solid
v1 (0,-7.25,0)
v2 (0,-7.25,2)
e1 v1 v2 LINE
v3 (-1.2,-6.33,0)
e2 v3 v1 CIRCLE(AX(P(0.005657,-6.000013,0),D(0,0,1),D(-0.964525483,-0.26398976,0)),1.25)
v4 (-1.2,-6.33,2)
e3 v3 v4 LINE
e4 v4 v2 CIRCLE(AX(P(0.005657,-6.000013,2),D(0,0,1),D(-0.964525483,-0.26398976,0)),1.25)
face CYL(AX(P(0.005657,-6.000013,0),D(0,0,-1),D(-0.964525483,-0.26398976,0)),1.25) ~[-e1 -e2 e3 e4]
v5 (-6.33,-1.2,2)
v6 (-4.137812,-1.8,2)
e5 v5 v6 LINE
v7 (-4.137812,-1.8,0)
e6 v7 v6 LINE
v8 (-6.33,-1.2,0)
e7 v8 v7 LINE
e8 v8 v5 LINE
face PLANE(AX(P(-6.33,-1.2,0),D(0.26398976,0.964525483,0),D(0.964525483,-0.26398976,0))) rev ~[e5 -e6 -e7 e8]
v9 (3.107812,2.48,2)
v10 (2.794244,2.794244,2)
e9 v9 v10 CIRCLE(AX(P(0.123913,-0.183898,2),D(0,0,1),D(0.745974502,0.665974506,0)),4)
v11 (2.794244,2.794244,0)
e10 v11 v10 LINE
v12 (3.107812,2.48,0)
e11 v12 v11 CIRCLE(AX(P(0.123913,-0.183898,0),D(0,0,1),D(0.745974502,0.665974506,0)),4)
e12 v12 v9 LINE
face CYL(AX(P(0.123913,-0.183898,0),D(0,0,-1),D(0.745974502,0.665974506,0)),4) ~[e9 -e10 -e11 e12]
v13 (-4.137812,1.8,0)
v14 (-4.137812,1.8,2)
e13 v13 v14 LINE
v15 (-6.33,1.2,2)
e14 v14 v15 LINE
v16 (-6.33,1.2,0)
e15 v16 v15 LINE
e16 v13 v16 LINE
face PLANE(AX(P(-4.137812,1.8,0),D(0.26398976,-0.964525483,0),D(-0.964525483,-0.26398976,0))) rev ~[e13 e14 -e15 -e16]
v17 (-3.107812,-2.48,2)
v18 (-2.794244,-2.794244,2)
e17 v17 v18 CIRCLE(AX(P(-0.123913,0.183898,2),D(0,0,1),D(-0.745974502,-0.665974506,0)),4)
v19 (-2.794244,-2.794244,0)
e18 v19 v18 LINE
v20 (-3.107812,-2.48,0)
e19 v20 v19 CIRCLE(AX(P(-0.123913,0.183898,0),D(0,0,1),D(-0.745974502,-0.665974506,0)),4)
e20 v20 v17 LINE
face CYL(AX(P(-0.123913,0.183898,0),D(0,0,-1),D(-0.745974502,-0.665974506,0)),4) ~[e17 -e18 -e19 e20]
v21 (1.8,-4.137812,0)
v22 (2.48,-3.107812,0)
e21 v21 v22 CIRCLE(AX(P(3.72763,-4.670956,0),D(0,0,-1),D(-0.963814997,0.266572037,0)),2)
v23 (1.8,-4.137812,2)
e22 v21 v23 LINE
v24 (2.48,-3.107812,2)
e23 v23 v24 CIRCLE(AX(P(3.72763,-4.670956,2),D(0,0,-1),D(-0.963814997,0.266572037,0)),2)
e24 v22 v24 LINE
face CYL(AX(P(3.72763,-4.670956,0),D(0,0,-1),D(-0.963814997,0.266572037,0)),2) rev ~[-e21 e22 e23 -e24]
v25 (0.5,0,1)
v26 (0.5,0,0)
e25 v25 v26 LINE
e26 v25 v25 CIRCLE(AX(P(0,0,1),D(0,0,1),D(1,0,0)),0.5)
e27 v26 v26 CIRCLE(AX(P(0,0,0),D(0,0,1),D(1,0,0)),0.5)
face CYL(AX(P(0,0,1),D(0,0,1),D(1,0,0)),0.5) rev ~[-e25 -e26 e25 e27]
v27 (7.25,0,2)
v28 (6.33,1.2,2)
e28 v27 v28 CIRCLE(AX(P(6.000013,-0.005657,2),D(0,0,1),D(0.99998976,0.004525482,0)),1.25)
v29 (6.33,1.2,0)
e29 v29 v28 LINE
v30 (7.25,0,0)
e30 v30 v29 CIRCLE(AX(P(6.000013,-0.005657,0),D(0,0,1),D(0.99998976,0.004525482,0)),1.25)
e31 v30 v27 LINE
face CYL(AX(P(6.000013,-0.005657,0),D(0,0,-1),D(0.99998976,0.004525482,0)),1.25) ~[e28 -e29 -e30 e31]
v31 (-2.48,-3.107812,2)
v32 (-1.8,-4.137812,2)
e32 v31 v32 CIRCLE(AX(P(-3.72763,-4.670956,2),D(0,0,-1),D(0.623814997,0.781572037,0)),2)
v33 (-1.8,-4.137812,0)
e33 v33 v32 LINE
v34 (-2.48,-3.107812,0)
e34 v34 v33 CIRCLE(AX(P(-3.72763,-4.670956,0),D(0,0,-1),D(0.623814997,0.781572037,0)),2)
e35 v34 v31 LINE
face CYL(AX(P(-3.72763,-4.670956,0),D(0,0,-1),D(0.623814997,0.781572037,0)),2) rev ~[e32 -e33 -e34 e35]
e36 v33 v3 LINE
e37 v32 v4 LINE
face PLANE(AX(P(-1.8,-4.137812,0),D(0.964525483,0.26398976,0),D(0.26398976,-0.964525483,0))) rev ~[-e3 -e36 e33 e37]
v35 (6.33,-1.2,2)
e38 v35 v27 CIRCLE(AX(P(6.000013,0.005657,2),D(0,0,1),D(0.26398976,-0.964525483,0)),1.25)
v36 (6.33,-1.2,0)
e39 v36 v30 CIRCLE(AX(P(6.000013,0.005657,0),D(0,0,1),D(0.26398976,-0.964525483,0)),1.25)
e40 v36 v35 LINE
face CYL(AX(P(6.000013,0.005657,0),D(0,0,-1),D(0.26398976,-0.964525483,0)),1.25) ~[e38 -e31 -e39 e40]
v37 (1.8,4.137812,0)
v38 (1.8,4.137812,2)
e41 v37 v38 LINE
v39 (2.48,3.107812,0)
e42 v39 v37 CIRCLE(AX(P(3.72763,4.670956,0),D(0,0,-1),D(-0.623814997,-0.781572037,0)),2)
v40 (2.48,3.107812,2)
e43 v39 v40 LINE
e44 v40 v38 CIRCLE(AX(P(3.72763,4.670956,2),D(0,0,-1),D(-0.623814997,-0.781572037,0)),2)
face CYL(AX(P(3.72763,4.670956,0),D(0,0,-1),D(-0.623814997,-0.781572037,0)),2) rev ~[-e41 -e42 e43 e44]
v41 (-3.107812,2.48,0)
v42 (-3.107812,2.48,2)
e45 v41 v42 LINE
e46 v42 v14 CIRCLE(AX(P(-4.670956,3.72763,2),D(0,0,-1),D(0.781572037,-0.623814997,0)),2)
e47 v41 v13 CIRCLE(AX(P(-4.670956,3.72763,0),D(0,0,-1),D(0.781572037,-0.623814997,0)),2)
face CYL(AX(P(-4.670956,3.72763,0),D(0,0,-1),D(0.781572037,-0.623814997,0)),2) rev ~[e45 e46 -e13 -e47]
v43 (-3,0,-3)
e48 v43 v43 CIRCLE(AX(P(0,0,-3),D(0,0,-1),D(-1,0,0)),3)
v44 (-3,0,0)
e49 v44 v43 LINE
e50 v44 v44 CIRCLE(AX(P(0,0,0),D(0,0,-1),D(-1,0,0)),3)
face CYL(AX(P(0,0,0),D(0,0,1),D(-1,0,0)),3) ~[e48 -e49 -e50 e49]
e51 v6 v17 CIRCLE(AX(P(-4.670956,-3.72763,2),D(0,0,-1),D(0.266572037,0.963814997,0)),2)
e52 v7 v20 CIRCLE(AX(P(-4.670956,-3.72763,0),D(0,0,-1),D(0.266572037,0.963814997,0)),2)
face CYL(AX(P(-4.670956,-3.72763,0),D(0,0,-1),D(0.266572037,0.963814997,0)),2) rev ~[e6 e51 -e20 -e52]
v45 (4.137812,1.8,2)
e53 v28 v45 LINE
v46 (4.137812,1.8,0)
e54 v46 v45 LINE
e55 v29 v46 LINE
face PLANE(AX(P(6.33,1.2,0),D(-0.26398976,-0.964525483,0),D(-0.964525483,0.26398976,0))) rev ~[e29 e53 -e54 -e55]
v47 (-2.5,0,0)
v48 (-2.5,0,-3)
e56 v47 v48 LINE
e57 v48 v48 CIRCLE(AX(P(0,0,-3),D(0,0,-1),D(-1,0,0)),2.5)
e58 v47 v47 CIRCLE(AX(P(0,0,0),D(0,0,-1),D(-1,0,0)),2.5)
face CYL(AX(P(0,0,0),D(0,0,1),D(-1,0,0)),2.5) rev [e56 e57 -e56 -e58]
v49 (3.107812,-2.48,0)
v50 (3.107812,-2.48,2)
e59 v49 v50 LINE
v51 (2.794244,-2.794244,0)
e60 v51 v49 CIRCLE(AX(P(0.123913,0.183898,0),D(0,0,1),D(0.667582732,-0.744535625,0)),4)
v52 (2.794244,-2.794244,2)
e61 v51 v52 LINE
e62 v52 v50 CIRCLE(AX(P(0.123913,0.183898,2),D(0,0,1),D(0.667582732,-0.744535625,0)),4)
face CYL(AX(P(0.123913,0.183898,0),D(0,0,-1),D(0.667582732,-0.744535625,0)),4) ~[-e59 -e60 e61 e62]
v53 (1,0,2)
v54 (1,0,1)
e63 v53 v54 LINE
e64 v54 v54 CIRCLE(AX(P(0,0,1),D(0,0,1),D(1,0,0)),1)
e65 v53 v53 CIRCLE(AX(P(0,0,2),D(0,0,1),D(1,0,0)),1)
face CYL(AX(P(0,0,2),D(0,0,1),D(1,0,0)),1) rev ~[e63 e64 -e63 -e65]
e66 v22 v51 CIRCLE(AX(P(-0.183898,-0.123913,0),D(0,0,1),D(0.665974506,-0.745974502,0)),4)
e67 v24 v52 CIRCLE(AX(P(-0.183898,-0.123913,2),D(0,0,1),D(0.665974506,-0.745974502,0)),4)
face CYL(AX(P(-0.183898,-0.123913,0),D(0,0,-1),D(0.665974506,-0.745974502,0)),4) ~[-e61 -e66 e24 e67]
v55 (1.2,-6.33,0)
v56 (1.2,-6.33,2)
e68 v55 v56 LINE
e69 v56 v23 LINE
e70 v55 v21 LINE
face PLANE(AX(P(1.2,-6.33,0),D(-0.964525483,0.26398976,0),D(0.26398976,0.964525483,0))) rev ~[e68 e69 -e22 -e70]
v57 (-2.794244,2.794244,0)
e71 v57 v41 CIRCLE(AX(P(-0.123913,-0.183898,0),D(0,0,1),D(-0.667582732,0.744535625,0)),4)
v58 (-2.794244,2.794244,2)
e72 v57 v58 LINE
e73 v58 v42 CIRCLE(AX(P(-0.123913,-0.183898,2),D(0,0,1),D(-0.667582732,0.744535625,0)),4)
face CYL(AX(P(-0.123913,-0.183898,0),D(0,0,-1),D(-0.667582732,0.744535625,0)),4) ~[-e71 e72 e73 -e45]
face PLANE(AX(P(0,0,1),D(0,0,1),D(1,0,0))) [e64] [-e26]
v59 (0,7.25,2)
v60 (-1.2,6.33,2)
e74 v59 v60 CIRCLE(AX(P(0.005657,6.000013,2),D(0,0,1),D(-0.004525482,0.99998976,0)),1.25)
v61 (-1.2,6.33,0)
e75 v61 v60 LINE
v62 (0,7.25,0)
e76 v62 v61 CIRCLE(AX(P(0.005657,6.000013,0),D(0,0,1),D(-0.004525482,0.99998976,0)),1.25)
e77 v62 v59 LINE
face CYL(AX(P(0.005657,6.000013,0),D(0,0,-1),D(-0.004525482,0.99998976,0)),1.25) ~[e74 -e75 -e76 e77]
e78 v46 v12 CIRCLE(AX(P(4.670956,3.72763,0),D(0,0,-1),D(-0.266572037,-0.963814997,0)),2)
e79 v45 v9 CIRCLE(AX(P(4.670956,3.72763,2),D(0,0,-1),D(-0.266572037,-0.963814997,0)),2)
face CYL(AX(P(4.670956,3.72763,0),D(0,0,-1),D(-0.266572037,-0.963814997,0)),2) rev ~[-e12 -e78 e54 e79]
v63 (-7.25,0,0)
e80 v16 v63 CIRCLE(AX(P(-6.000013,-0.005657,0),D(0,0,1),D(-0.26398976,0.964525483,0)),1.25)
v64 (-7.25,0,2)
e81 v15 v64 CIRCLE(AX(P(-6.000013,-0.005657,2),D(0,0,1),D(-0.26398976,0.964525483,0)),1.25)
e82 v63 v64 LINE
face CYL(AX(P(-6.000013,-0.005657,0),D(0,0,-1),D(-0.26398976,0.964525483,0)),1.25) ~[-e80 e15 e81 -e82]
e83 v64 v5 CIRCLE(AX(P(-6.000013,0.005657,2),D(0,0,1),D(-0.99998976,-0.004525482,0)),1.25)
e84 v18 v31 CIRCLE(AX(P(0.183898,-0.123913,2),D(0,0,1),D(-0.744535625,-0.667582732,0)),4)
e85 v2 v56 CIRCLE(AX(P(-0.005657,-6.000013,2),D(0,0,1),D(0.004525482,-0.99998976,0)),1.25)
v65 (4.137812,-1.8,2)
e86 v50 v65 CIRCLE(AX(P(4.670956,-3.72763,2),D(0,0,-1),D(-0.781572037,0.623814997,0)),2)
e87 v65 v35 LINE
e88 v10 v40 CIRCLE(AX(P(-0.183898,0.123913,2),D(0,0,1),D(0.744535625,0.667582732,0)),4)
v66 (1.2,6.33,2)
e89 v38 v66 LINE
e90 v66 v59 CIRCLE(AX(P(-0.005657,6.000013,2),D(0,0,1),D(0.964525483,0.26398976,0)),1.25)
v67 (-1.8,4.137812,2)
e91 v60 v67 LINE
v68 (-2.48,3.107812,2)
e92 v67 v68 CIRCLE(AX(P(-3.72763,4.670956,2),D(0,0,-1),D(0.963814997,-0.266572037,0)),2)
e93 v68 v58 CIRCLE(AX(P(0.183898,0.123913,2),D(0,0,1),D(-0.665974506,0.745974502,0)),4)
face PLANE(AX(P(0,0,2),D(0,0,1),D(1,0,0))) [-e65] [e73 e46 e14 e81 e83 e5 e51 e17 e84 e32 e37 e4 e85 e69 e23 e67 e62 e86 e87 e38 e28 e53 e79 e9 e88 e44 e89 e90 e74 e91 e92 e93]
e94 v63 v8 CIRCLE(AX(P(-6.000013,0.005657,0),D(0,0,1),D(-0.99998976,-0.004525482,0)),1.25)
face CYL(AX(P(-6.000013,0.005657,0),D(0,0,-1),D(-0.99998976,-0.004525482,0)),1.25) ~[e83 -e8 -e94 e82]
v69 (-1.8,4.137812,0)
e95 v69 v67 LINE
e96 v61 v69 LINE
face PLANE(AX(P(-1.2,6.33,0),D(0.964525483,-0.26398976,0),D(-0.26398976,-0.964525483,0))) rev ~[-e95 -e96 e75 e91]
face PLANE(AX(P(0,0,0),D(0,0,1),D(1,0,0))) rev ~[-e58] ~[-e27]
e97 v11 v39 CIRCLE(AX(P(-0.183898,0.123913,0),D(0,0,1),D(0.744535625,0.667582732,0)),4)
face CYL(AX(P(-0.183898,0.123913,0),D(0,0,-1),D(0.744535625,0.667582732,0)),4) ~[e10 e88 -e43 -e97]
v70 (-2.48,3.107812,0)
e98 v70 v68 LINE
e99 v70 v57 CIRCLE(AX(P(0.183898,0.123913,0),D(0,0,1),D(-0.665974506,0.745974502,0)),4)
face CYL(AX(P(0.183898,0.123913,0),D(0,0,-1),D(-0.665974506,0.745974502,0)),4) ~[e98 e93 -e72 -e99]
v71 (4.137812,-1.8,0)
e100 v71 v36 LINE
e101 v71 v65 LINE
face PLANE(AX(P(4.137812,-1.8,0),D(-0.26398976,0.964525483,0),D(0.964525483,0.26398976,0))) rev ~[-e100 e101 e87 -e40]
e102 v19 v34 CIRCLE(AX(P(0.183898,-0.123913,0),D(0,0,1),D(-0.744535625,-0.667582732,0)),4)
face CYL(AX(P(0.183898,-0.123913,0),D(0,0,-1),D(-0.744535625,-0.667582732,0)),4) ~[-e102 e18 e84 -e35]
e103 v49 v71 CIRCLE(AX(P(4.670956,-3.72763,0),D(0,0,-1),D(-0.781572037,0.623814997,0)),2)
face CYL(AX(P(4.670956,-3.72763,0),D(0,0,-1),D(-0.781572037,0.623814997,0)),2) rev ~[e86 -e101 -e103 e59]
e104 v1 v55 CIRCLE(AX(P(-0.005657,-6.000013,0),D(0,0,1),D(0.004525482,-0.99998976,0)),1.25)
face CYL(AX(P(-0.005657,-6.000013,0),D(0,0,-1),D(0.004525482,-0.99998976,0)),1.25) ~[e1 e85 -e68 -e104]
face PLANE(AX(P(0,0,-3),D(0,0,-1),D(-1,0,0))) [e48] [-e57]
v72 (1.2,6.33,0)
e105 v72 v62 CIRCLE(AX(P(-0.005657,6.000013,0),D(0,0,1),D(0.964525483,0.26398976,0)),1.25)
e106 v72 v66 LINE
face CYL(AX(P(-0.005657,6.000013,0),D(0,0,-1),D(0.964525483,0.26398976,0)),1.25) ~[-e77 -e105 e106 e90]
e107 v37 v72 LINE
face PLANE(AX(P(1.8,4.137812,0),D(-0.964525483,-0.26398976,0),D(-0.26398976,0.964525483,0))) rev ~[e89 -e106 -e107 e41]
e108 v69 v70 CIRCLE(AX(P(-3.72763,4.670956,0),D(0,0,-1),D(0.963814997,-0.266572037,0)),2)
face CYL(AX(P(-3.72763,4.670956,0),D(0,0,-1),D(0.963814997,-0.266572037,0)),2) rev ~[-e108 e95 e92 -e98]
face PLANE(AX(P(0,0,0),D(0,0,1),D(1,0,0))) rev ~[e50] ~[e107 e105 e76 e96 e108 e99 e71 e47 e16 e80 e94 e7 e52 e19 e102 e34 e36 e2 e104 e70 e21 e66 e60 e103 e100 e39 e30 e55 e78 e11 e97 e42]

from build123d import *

# Parameters (mm, degrees)
BOSS_EXTRUDE1_DEPTH = 2
SKETCH2_R           = 3
SKETCH2_R_2         = 2.5
BOSS_EXTRUDE2_DEPTH = 3
SKETCH3_R           = 1
CUT_EXTRUDE1_DEPTH  = 1
SKETCH4_R           = 0.5
CUT_EXTRUDE2_DEPTH  = 1


with BuildPart() as part:
    # Sketch1 → Boss-Extrude1 (new body)
    with BuildSketch(Plane.XY):
        with BuildLine():
            Line((1.2, -6.33), (1.8, -4.1378116))
            ThreePointArc((1.8, -4.1378116), (2.058560194, -3.569045514), (2.48, -3.1078116))
            ThreePointArc((2.48, -3.1078116), (2.641475661, -2.955390865), (2.794244497, -2.794244497))
            ThreePointArc((2.794244497, -2.794244497), (2.955390865, -2.641475661), (3.1078116, -2.48))
            ThreePointArc((3.1078116, -2.48), (3.569045514, -2.058560194), (4.1378116, -1.8))
            Line((4.1378116, -1.8), (6.33, -1.2))
            ThreePointArc((6.33, -1.2), (6.992020752, -0.754882576), (7.25, 0))
            ThreePointArc((7.25, 0), (6.992020752, 0.754882576), (6.33, 1.2))
            Line((6.33, 1.2), (4.1378116, 1.8))
            ThreePointArc((4.1378116, 1.8), (3.569045514, 2.058560194), (3.1078116, 2.48))
            ThreePointArc((3.1078116, 2.48), (2.955390865, 2.641475661), (2.794244497, 2.794244497))
            ThreePointArc((2.794244497, 2.794244497), (2.641475661, 2.955390865), (2.48, 3.1078116))
            ThreePointArc((2.48, 3.1078116), (2.058560194, 3.569045514), (1.8, 4.1378116))
            Line((1.8, 4.1378116), (1.2, 6.33))
            ThreePointArc((1.2, 6.33), (0.754882576, 6.992020752), (0, 7.25))
            ThreePointArc((0, 7.25), (-0.754882576, 6.992020752), (-1.2, 6.33))
            Line((-1.2, 6.33), (-1.8, 4.1378116))
            ThreePointArc((-1.8, 4.1378116), (-2.058560194, 3.569045514), (-2.48, 3.1078116))
            ThreePointArc((-2.48, 3.1078116), (-2.641475661, 2.955390865), (-2.794244497, 2.794244497))
            ThreePointArc((-2.794244497, 2.794244497), (-2.955390865, 2.641475661), (-3.1078116, 2.48))
            ThreePointArc((-3.1078116, 2.48), (-3.569045514, 2.058560194), (-4.1378116, 1.8))
            Line((-4.1378116, 1.8), (-6.33, 1.2))
            ThreePointArc((-6.33, 1.2), (-6.992020752, 0.754882576), (-7.25, 0))
            ThreePointArc((-7.25, 0), (-6.992020752, -0.754882576), (-6.33, -1.2))
            Line((-6.33, -1.2), (-4.1378116, -1.8))
            ThreePointArc((-4.1378116, -1.8), (-3.569045514, -2.058560194), (-3.1078116, -2.48))
            ThreePointArc((-3.1078116, -2.48), (-2.955390865, -2.641475661), (-2.794244497, -2.794244497))
            ThreePointArc((-2.794244497, -2.794244497), (-2.641475661, -2.955390865), (-2.48, -3.1078116))
            ThreePointArc((-2.48, -3.1078116), (-2.058560194, -3.569045514), (-1.8, -4.1378116))
            Line((-1.8, -4.1378116), (-1.2, -6.33))
            ThreePointArc((-1.2, -6.33), (-0.754882576, -6.992020752), (0, -7.25))
            ThreePointArc((0, -7.25), (0.754882576, -6.992020752), (1.2, -6.33))
        make_face()
    extrude(amount=BOSS_EXTRUDE1_DEPTH)

    # Sketch2 → Boss-Extrude2 (add)
    with BuildSketch(Plane(origin=(0, 0, 0), x_dir=(-1, 0, 0), z_dir=(0, 0, -1))):
        Circle(SKETCH2_R)
        Circle(SKETCH2_R_2, mode=Mode.SUBTRACT)
    extrude(amount=BOSS_EXTRUDE2_DEPTH)

    # Sketch3 → Cut-Extrude1 (cut)
    with BuildSketch(Plane.XY.offset(2)):
        Circle(SKETCH3_R)
    extrude(amount=-CUT_EXTRUDE1_DEPTH, mode=Mode.SUBTRACT)

    # Sketch4 → Cut-Extrude2 (cut)
    with BuildSketch(Plane.XY.offset(1)):
        Circle(SKETCH4_R)
    extrude(amount=-CUT_EXTRUDE2_DEPTH, mode=Mode.SUBTRACT)


solid = part.part
